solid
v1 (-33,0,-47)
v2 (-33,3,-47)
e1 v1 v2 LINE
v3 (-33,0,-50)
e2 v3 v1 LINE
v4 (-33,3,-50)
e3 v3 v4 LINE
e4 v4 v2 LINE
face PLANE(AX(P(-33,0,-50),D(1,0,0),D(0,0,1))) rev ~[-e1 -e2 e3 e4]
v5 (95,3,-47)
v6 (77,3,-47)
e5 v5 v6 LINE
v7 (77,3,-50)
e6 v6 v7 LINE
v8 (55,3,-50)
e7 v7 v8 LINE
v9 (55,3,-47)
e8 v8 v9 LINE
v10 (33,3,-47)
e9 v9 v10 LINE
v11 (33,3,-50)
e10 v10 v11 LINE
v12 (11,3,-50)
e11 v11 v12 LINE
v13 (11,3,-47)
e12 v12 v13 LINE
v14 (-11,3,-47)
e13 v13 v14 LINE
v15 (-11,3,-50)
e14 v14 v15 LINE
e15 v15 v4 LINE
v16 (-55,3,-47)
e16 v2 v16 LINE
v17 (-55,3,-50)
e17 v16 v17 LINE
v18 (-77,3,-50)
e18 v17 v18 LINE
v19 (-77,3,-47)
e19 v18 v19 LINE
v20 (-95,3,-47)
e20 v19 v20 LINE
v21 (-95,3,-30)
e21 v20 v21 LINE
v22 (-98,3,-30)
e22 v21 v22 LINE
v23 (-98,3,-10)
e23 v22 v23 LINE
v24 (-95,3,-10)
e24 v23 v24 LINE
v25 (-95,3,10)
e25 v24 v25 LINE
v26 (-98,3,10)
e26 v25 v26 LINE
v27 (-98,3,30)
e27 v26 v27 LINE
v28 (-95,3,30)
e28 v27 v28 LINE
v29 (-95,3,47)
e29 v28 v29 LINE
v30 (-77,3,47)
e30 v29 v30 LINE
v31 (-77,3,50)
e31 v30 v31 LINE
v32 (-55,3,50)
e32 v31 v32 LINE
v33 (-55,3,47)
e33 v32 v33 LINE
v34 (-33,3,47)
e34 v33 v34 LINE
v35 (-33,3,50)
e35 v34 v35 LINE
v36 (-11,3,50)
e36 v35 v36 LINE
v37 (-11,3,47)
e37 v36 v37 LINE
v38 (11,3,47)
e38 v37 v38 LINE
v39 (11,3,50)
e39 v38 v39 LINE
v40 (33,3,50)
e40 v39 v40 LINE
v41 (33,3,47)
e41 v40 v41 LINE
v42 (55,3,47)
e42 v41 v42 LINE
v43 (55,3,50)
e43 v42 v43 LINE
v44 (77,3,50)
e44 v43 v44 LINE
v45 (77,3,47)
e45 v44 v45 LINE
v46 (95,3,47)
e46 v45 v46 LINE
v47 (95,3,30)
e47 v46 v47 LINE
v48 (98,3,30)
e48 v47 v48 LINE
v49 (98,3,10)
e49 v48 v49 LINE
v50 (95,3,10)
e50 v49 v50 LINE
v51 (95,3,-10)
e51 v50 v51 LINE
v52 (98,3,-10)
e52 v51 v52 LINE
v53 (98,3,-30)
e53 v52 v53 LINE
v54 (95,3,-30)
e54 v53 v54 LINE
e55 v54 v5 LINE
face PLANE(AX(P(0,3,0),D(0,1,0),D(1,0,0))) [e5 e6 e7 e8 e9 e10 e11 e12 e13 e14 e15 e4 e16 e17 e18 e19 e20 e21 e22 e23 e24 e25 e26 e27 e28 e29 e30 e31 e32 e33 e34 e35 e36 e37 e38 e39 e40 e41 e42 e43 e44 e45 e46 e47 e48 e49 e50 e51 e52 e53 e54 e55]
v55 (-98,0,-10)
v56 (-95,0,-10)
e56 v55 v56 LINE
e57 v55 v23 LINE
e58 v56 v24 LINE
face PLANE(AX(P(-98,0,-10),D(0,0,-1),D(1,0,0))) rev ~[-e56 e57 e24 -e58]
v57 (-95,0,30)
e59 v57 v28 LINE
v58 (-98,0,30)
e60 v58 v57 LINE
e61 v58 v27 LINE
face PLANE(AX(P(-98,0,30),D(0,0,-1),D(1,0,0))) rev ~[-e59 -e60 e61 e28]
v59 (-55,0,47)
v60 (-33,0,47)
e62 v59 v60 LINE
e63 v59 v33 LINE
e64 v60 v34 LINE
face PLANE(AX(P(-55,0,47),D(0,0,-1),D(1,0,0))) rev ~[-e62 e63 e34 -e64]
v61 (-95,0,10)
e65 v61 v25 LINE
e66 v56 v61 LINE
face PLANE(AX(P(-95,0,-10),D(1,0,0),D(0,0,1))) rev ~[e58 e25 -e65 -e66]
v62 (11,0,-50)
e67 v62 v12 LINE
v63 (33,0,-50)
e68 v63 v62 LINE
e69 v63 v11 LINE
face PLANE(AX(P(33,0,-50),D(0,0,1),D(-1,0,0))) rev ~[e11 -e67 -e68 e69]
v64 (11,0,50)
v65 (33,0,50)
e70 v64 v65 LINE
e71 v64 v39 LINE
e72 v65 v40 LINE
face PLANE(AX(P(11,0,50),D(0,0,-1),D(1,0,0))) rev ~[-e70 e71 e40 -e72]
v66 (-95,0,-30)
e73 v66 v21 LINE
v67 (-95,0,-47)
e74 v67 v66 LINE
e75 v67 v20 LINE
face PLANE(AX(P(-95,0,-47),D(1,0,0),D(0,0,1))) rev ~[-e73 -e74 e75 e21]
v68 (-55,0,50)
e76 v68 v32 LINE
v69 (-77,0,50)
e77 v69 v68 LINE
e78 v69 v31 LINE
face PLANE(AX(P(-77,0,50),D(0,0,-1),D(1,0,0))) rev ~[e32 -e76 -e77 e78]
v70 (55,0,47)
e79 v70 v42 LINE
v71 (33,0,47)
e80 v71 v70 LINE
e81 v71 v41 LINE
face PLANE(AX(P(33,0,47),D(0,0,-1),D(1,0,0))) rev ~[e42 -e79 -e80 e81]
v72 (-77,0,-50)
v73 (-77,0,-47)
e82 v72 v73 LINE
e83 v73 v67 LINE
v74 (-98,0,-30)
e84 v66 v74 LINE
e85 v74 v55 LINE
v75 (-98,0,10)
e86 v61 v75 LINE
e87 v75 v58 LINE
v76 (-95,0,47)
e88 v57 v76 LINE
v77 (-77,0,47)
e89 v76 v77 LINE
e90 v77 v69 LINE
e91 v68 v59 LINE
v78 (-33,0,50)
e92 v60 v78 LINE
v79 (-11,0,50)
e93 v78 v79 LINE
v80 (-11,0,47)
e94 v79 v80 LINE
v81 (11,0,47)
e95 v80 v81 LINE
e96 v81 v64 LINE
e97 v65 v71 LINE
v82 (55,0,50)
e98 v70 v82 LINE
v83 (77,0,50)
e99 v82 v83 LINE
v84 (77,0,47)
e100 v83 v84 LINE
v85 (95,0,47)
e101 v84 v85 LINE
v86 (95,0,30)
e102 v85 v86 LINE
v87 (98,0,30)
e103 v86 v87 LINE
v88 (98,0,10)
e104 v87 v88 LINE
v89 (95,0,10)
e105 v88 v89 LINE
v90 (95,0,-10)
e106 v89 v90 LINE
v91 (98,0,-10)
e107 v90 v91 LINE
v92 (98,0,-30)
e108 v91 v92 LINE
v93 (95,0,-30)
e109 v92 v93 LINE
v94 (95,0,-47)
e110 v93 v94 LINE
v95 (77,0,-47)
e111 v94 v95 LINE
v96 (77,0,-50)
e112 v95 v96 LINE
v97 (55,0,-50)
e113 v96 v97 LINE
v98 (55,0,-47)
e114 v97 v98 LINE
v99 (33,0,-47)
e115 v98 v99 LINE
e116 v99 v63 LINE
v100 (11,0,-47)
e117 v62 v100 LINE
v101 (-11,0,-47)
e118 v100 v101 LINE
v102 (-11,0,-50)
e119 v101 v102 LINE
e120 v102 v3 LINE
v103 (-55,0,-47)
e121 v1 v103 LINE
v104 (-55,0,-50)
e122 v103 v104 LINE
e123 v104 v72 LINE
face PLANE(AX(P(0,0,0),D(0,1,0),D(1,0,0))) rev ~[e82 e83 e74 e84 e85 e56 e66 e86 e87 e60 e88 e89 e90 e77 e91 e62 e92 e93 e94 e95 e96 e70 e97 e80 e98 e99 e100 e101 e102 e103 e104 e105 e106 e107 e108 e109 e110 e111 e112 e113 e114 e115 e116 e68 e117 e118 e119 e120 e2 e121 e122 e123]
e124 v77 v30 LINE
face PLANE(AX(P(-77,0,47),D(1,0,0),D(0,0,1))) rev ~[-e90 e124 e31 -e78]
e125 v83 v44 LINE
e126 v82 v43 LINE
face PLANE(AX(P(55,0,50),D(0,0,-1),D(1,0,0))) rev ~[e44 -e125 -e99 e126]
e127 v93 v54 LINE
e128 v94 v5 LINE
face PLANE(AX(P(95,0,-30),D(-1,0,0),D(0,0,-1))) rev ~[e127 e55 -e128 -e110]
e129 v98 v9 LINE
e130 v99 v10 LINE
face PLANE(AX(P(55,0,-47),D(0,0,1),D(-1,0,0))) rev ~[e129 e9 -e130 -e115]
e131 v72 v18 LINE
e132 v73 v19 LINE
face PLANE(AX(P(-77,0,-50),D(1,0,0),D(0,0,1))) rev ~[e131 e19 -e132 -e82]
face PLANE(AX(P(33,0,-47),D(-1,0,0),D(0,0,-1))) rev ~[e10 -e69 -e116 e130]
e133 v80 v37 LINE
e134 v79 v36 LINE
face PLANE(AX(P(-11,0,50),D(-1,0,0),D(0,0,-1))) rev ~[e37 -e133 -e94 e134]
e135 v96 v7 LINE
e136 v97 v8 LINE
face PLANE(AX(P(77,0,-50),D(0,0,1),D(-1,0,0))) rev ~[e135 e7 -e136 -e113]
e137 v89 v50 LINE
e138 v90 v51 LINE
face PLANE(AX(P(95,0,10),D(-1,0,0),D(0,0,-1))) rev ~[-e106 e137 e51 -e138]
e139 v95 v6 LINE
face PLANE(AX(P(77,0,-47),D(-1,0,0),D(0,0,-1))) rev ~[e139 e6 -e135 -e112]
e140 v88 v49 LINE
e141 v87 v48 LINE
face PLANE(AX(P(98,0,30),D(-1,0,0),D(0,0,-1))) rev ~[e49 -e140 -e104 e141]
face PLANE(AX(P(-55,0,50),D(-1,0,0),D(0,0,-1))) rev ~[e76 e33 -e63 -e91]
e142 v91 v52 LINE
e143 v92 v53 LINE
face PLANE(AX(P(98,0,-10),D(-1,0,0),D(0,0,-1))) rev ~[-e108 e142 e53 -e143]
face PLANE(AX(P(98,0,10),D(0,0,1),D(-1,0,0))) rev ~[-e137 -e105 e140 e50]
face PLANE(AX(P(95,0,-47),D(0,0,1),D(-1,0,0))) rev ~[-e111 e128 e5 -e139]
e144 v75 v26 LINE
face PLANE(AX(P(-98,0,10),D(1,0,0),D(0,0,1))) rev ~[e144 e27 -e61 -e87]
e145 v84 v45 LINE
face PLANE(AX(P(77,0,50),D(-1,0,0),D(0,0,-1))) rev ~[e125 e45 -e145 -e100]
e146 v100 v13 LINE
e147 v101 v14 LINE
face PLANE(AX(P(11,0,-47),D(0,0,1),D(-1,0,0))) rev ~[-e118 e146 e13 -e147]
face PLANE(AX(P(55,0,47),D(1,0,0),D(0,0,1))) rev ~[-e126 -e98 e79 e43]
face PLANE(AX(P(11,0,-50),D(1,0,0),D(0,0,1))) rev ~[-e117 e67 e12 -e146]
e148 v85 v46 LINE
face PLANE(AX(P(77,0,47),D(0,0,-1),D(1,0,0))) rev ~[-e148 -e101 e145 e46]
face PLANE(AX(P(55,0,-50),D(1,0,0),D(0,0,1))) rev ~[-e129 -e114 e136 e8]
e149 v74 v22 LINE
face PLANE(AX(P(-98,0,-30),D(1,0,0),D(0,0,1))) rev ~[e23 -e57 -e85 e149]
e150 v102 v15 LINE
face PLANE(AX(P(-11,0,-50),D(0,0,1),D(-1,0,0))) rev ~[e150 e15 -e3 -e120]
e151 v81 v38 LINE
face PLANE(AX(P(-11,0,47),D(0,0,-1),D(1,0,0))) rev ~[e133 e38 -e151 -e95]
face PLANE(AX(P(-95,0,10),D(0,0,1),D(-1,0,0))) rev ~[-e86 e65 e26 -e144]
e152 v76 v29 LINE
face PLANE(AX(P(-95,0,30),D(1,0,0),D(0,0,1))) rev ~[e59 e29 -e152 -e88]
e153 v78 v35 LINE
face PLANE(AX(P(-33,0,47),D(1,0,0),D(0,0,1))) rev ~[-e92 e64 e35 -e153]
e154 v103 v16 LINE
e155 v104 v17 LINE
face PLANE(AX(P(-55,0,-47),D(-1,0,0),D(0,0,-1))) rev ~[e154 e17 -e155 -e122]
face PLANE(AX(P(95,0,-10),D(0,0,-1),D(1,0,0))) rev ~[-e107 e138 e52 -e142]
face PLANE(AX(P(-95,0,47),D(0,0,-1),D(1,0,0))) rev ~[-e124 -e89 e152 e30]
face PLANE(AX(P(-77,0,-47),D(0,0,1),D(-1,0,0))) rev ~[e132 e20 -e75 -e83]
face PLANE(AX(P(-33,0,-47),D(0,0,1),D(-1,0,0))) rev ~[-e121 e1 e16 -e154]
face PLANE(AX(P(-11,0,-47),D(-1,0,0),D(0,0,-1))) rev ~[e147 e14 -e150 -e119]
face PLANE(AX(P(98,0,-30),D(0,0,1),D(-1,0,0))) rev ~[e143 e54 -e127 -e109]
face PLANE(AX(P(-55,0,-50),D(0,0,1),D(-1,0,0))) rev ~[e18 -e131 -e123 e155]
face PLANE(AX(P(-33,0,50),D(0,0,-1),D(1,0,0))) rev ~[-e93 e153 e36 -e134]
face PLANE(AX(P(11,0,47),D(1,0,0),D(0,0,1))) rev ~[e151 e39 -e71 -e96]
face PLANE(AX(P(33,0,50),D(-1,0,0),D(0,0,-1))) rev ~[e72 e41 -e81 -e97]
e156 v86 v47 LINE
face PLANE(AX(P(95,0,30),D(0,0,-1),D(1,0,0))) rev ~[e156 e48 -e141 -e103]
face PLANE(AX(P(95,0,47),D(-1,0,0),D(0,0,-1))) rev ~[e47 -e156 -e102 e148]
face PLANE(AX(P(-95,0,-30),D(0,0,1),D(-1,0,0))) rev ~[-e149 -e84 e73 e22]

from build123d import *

# Parameters (mm, degrees)
BOSS_EXTRUDE2_DEPTH = 3


with BuildPart() as part:
    # Sketch1 → Boss-Extrude2 (new body)
    with BuildSketch(Plane(origin=(0, 0, 0), x_dir=(1, 0, 0), z_dir=(0, 1, 0))):
        Polygon((-77, -47), (-77, -50), (-55, -50), (-55, -47), (-33, -47), (-33, -50), (-11, -50), (-11, -47), (11, -47), (11, -50), (33, -50), (33, -47), (55, -47), (55, -50), (77, -50), (77, -47), (95, -47), (95, -30), (98, -30), (98, -10), (95, -10), (95, 10), (98, 10), (98, 30), (95, 30), (95, 47), (77, 47), (77, 50), (55, 50), (55, 47), (33, 47), (33, 50), (11, 50), (11, 47), (-11, 47), (-11, 50), (-33, 50), (-33, 47), (-55, 47), (-55, 50), (-77, 50), (-77, 47), (-95, 47), (-95, 30), (-98, 30), (-98, 10), (-95, 10), (-95, -10), (-98, -10), (-98, -30), (-95, -30), (-95, -47), align=None)
    extrude(amount=BOSS_EXTRUDE2_DEPTH)


solid = part.part
